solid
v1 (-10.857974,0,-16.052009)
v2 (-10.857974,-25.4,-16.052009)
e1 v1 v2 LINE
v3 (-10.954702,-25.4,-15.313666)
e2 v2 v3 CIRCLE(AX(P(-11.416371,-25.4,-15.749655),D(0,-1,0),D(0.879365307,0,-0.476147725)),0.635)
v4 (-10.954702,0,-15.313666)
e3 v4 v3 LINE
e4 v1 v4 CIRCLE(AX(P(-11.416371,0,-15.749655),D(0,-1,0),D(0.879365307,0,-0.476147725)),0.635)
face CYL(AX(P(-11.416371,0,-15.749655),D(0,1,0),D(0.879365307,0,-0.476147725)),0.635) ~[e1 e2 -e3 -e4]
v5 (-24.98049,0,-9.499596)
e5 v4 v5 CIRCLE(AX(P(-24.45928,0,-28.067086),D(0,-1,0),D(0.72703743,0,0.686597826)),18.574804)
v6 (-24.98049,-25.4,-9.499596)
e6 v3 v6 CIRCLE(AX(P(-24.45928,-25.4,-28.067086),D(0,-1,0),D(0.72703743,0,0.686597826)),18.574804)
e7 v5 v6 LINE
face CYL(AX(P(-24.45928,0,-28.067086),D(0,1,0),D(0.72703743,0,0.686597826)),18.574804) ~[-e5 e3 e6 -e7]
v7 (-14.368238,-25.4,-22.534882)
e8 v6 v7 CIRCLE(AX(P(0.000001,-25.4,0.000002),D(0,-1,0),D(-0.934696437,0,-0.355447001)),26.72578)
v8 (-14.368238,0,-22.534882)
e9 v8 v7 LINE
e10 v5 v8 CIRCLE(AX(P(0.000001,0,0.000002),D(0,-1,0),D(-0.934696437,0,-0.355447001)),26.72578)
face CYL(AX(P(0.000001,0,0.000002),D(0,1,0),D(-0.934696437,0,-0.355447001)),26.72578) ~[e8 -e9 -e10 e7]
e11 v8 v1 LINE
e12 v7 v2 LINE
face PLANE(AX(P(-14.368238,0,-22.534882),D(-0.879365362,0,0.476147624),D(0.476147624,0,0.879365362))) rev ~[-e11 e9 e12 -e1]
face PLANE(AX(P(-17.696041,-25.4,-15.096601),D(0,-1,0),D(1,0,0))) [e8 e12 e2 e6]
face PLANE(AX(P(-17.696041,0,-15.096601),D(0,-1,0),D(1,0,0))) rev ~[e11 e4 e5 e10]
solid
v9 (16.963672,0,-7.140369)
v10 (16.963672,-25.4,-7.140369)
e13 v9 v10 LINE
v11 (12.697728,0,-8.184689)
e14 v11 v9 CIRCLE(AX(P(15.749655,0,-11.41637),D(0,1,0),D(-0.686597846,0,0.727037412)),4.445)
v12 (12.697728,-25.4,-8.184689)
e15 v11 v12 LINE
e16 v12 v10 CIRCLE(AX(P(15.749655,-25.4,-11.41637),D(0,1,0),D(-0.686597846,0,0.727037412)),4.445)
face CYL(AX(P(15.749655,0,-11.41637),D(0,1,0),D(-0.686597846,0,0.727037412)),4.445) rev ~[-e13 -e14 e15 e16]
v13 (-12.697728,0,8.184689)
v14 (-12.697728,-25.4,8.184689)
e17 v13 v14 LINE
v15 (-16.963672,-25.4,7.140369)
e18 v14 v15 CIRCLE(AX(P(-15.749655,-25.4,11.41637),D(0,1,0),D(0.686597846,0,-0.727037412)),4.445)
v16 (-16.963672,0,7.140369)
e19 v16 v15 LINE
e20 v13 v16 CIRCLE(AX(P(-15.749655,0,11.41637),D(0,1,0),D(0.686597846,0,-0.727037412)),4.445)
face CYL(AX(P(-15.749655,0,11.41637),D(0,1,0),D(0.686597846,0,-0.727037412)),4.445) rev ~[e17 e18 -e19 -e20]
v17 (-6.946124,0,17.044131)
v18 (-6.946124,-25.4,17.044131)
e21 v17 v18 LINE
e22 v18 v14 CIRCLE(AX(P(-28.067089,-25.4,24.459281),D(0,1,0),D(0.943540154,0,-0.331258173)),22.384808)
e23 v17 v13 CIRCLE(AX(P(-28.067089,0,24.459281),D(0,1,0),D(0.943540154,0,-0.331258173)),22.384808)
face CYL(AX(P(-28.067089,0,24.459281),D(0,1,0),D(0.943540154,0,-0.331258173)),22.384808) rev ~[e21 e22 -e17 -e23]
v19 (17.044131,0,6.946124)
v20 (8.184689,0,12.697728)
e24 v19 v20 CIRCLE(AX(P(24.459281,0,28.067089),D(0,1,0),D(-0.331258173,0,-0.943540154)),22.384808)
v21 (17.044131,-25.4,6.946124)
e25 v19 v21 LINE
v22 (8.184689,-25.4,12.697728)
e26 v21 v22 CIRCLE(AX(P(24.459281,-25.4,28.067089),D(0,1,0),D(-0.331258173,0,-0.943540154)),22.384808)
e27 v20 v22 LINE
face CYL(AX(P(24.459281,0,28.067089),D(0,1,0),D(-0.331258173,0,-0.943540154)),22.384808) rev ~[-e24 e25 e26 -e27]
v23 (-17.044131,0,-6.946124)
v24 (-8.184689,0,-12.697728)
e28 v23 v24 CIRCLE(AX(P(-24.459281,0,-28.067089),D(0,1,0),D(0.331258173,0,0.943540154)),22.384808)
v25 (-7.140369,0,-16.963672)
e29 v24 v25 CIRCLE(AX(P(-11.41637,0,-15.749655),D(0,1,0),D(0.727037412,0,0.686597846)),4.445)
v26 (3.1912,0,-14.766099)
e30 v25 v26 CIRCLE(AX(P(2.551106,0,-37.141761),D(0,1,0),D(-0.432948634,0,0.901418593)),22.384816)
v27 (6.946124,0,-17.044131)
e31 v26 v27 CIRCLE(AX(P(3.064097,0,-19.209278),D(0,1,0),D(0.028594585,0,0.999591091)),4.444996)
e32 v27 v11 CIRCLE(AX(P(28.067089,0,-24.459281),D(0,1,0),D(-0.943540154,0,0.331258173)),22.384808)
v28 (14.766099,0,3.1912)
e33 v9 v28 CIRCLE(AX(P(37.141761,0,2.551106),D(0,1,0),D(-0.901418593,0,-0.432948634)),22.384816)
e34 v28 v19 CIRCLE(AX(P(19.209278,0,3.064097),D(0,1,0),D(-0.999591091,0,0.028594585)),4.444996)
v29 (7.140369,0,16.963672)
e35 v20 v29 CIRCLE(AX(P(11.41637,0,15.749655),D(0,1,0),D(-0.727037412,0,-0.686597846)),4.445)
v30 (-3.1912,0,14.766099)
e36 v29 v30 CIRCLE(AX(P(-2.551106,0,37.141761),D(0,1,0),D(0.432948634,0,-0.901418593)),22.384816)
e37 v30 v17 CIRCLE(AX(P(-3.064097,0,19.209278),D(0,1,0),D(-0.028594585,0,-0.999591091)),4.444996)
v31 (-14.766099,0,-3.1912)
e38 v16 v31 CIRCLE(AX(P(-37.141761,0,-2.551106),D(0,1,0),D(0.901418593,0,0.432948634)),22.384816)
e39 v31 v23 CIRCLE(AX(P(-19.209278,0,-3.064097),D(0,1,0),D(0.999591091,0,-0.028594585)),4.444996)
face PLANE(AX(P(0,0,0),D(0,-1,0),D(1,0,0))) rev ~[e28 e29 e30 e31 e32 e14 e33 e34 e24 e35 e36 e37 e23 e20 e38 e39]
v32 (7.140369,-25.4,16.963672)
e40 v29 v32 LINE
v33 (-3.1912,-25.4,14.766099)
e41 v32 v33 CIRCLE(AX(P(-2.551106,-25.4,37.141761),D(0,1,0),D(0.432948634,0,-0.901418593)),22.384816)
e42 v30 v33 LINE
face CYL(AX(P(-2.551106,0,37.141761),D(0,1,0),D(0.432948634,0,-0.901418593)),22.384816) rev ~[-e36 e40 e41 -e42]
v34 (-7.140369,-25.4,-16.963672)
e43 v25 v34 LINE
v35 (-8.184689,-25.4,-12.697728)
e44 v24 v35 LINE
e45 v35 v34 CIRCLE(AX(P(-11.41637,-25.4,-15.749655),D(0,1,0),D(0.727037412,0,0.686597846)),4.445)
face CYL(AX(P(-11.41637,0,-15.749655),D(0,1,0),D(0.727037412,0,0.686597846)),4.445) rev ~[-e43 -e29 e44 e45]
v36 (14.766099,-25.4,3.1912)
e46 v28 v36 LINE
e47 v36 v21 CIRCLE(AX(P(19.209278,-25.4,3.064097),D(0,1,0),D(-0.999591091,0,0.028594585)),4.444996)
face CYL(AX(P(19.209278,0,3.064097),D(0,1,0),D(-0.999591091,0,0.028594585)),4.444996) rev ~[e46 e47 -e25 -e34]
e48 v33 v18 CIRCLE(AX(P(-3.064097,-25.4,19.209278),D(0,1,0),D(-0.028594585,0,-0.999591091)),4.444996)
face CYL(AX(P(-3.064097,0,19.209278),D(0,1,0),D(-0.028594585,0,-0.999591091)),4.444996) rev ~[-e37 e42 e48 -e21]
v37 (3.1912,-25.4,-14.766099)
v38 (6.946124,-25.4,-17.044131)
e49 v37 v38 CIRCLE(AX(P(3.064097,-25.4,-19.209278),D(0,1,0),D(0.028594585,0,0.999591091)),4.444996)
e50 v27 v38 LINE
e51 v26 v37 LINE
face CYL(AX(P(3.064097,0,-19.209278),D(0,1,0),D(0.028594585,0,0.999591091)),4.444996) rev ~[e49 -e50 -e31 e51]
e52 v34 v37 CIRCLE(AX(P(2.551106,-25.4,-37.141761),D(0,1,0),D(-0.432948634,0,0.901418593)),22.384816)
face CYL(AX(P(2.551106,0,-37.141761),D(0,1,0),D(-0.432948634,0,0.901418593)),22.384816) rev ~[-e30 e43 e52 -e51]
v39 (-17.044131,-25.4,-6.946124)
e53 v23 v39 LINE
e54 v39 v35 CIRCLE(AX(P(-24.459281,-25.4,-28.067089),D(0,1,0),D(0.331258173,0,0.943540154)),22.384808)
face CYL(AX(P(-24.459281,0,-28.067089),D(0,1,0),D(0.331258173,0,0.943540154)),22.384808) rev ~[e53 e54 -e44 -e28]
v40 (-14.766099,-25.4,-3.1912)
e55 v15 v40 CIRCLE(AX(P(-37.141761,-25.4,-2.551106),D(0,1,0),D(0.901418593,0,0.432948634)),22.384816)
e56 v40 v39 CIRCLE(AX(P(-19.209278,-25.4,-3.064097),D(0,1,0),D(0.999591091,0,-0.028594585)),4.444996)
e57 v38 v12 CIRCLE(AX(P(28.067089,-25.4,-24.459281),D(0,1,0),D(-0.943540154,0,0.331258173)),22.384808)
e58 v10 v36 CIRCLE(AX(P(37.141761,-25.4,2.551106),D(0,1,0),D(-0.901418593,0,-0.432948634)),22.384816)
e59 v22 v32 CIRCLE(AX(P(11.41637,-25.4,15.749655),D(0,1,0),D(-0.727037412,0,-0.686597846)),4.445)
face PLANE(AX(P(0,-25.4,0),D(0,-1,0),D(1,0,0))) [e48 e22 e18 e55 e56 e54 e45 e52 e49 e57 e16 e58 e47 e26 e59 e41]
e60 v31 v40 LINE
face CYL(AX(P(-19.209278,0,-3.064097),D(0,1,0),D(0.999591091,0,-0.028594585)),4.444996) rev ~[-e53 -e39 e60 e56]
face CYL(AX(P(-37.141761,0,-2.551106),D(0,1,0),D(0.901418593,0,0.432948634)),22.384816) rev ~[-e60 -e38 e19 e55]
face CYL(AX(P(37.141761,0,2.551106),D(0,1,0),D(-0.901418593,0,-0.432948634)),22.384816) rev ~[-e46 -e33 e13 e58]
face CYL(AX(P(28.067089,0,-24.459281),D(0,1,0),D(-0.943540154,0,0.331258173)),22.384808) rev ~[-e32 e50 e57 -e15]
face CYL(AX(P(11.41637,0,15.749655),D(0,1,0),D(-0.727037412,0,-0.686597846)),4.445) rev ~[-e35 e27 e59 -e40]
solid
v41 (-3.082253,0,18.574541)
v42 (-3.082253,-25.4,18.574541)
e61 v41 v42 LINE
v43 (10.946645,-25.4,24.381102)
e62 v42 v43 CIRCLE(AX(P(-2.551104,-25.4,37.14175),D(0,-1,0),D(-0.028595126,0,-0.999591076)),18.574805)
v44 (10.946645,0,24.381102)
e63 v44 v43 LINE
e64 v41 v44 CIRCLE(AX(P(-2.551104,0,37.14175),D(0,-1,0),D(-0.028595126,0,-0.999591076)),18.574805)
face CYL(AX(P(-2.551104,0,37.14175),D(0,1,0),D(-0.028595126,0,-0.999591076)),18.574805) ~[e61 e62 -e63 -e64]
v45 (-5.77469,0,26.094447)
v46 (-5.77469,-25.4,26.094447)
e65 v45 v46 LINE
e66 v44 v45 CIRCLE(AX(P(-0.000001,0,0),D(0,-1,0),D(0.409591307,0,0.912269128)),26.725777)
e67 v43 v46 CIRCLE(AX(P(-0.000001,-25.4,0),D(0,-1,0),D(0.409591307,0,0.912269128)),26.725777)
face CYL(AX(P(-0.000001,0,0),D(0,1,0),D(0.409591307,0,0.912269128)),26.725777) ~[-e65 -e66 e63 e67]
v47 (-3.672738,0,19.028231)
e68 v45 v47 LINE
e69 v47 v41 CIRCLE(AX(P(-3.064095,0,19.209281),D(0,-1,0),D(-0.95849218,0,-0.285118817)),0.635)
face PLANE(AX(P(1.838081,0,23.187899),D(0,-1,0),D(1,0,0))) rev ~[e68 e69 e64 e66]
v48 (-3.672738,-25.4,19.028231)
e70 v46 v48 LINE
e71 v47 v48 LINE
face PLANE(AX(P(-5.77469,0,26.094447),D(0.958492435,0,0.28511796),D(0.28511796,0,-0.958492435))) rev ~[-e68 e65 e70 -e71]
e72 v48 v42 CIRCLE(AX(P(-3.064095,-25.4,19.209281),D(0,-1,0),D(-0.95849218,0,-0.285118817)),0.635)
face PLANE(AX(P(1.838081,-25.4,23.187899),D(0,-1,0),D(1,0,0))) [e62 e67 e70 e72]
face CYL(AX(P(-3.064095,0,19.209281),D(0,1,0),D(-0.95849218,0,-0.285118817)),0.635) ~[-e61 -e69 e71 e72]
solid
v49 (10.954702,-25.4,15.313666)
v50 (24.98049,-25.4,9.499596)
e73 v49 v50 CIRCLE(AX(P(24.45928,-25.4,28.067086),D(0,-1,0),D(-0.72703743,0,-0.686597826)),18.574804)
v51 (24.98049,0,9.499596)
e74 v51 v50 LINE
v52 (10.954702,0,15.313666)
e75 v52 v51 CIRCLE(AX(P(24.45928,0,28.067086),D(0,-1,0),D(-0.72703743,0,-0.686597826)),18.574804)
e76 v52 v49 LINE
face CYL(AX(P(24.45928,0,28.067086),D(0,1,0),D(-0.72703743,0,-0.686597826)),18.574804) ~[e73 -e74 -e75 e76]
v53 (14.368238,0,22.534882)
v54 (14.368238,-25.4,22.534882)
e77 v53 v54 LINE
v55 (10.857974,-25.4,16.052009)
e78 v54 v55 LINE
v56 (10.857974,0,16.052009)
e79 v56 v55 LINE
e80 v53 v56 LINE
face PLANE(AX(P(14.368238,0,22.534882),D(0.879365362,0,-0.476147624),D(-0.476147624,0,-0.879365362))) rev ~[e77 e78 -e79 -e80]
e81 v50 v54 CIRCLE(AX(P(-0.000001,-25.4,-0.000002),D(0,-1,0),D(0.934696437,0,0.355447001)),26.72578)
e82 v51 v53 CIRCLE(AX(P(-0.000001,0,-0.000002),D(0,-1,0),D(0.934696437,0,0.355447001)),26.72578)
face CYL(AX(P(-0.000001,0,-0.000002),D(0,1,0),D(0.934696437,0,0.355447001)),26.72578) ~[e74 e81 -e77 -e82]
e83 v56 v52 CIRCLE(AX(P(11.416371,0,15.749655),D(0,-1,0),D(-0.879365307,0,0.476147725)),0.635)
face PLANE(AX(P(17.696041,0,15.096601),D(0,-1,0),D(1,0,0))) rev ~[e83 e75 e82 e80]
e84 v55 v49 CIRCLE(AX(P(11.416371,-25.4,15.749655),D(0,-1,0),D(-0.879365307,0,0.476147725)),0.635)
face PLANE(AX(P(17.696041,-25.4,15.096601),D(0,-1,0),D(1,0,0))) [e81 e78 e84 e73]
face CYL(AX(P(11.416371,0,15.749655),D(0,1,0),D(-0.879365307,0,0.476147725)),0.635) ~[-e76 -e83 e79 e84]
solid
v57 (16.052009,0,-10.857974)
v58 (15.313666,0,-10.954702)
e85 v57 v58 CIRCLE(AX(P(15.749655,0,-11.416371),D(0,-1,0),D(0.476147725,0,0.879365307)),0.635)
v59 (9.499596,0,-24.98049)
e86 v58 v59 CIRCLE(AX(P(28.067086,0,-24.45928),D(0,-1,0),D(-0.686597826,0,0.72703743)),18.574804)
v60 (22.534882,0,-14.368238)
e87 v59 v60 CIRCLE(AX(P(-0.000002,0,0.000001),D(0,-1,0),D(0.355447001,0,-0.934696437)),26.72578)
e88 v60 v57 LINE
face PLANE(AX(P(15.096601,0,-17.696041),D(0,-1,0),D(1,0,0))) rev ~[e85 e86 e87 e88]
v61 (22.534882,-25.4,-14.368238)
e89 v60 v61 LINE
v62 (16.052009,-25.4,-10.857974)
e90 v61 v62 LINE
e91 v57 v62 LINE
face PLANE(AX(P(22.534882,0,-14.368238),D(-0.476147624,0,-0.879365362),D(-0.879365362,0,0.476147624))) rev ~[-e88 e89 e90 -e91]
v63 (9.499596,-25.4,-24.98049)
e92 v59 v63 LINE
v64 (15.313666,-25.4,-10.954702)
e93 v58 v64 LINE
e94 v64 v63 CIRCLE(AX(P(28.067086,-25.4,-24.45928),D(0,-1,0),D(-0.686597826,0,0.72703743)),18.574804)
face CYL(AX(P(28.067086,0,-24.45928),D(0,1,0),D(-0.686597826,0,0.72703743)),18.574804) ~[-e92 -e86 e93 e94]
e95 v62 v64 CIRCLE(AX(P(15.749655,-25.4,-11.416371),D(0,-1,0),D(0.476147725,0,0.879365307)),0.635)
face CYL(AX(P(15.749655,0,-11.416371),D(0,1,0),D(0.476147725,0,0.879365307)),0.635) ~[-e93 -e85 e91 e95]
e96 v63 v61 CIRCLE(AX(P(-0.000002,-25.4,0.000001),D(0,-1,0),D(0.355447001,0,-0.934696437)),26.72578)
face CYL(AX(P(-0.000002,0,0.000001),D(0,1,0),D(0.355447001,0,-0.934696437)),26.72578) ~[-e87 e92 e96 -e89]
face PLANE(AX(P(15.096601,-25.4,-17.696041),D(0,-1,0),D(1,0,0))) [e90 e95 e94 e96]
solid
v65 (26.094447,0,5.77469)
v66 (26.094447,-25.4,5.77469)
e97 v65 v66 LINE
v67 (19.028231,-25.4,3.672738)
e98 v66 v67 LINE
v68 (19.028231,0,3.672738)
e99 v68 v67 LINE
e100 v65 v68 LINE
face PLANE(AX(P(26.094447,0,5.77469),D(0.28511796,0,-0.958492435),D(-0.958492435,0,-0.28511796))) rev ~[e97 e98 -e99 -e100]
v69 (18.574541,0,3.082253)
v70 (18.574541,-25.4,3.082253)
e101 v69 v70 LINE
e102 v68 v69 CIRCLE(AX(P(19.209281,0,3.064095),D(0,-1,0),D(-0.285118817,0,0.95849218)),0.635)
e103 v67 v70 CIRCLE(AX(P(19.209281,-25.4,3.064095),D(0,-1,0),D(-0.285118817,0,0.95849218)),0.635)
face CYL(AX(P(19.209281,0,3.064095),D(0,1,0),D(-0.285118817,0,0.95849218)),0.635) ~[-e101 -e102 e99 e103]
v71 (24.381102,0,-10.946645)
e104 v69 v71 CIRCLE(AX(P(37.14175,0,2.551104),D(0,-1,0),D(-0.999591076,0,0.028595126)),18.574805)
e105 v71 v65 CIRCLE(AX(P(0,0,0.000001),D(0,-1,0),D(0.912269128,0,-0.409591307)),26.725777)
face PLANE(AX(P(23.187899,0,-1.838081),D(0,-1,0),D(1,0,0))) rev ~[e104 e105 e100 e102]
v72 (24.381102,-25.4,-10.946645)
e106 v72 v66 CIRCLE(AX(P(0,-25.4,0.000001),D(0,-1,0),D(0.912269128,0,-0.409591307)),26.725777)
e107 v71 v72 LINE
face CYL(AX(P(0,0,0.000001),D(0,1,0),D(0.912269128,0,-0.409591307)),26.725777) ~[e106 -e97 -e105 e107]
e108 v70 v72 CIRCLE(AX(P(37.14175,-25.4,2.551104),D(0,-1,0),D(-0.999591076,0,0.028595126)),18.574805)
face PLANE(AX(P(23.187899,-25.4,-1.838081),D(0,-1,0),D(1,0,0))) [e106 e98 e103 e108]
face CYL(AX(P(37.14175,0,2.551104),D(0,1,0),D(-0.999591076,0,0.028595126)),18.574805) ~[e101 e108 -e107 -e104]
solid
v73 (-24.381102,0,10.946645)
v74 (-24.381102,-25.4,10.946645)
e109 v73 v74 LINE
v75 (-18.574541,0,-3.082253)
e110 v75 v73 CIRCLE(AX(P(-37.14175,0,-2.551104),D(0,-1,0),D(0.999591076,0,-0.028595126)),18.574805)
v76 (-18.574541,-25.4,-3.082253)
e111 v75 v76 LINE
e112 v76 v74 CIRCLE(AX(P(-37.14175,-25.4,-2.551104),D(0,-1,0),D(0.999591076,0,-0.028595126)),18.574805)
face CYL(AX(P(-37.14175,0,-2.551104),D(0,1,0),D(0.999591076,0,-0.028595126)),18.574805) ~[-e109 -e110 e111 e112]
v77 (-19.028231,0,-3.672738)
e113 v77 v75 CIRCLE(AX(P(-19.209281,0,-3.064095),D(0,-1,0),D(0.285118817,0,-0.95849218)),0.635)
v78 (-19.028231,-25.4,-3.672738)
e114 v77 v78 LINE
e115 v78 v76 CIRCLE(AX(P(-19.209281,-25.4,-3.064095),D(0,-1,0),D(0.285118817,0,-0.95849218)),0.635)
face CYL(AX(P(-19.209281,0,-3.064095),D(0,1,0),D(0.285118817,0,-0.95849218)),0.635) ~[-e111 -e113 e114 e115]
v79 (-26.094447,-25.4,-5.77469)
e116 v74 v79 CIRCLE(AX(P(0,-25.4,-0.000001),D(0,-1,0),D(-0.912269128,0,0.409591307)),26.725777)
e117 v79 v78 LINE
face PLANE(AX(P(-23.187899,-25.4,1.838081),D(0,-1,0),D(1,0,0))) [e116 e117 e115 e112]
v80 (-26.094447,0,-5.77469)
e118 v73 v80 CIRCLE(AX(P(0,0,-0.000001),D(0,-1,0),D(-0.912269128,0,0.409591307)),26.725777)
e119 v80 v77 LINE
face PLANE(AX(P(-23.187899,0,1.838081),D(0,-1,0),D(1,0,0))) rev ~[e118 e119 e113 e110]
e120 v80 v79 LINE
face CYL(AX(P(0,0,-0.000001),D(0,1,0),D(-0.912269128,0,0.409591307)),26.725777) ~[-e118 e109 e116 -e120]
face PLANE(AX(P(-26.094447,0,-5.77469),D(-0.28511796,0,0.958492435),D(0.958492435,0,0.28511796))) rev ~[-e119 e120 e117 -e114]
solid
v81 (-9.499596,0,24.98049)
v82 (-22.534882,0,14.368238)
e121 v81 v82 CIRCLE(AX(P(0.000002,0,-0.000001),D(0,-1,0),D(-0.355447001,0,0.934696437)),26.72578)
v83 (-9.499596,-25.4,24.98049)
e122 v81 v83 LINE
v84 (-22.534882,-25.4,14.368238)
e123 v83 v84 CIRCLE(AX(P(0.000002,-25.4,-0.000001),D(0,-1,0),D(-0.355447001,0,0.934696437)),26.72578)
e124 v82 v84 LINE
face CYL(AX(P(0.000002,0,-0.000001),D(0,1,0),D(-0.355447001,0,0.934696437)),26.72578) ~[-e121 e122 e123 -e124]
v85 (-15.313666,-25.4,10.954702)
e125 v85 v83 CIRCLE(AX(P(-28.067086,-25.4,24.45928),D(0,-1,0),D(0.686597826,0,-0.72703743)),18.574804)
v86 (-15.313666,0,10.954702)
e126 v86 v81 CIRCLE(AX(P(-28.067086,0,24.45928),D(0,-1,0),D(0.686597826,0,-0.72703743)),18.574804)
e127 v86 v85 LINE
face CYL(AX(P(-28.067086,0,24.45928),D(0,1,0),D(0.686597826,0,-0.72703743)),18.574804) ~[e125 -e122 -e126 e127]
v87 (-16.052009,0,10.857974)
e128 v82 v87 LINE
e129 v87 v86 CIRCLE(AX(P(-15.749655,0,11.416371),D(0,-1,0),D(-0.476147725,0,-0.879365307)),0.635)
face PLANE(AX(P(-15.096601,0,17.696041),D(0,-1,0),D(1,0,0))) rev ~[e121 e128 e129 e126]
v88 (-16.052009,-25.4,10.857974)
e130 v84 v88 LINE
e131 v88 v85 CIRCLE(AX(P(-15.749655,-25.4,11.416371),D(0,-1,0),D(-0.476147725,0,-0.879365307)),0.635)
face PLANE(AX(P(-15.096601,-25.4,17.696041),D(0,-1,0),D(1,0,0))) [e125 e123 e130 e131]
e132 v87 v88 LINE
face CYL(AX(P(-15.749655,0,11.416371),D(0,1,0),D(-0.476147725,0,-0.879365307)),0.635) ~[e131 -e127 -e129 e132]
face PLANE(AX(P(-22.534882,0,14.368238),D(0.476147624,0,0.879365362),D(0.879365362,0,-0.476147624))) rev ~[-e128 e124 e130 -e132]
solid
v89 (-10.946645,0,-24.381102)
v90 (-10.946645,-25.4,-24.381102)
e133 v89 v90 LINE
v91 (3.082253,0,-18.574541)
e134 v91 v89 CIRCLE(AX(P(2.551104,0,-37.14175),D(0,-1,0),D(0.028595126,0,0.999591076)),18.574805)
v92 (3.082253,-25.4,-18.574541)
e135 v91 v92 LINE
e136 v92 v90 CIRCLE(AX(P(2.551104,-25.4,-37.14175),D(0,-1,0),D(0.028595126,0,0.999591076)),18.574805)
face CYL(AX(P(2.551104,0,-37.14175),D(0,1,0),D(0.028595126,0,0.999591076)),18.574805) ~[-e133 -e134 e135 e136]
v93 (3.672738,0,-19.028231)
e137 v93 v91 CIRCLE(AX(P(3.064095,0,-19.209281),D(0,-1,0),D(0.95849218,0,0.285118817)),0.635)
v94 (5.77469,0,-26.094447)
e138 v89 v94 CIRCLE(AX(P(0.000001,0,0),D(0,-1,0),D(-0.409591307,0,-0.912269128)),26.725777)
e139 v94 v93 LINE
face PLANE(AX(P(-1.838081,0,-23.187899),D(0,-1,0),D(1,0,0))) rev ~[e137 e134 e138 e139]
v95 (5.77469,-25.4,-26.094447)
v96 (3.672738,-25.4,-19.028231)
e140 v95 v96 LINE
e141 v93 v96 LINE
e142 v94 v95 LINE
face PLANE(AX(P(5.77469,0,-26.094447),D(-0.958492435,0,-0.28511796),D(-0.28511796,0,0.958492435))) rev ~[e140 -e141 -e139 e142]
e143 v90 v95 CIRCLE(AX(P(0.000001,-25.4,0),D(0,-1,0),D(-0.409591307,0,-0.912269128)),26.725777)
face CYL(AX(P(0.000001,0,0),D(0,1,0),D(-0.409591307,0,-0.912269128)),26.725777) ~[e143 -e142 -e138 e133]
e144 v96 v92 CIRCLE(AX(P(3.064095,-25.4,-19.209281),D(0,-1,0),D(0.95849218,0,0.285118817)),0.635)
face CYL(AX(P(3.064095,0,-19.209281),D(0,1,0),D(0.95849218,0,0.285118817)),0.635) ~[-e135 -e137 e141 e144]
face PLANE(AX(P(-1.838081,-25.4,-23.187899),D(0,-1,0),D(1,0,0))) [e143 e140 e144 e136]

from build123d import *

# Parameters (mm, degrees)
F1_DEPTH = 25.4


with BuildPart() as f1:
    # F0 (on Front) → F1 (new body)
    with BuildSketch(Plane.XZ):
        with BuildLine():
            ThreePointArc((-15.313666, 10.954702), (-10.908108, 17.346417), (-9.499596, 24.98049))
            ThreePointArc((-9.499596, 24.98049), (-16.87326, 20.725836), (-22.534882, 14.368238))
            Line((-22.534882, 14.368238), (-16.052009, 10.857974))
            ThreePointArc((-16.052009, 10.857974), (-15.667171, 10.786751), (-15.313666, 10.954702))
        make_face()
        with BuildLine():
            ThreePointArc((24.98049, 9.499596), (20.725836, 16.87326), (14.368238, 22.534882))
            Line((14.368238, 22.534882), (10.857974, 16.052009))
            ThreePointArc((10.857974, 16.052009), (10.786751, 15.667171), (10.954702, 15.313666))
            ThreePointArc((10.954702, 15.313666), (17.346417, 10.908108), (24.98049, 9.499596))
        make_face()
        with BuildLine():
            ThreePointArc((8.184689, 12.697728), (7.09886, 14.692712), (7.140369, 16.963672))
            ThreePointArc((7.140369, 16.963672), (2.106061, 15.246767), (-3.1912, 14.766099))
            ThreePointArc((-3.1912, 14.766099), (-5.369664, 15.408968), (-6.946124, 17.044131))
            ThreePointArc((-6.946124, 17.044131), (-9.291882, 12.270302), (-12.697728, 8.184689))
            ThreePointArc((-12.697728, 8.184689), (-14.692712, 7.09886), (-16.963672, 7.140369))
            ThreePointArc((-16.963672, 7.140369), (-15.246767, 2.106061), (-14.766099, -3.1912))
            ThreePointArc((-14.766099, -3.1912), (-15.408968, -5.369664), (-17.044131, -6.946124))
            ThreePointArc((-17.044131, -6.946124), (-12.270302, -9.291882), (-8.184689, -12.697728))
            ThreePointArc((-8.184689, -12.697728), (-7.09886, -14.692712), (-7.140369, -16.963672))
            ThreePointArc((-7.140369, -16.963672), (-2.106061, -15.246767), (3.1912, -14.766099))
            ThreePointArc((3.1912, -14.766099), (5.369664, -15.408968), (6.946124, -17.044131))
            ThreePointArc((6.946124, -17.044131), (9.291882, -12.270302), (12.697728, -8.184689))
            ThreePointArc((12.697728, -8.184689), (14.692712, -7.09886), (16.963672, -7.140369))
            ThreePointArc((16.963672, -7.140369), (15.246767, -2.106061), (14.766099, 3.1912))
            ThreePointArc((14.766099, 3.1912), (15.408968, 5.369664), (17.044131, 6.946124))
            ThreePointArc((17.044131, 6.946124), (12.270302, 9.291882), (8.184689, 12.697728))
        make_face()
        with BuildLine():
            ThreePointArc((10.946645, 24.381102), (2.724182, 26.586576), (-5.77469, 26.094447))
            Line((-5.77469, 26.094447), (-3.672738, 19.028231))
            ThreePointArc((-3.672738, 19.028231), (-3.450978, 18.705747), (-3.082253, 18.574541))
            ThreePointArc((-3.082253, 18.574541), (4.552572, 19.978966), (10.946645, 24.381102))
        make_face()
        with BuildLine():
            ThreePointArc((-24.381102, 10.946645), (-26.586576, 2.724182), (-26.094447, -5.77469))
            Line((-26.094447, -5.77469), (-19.028231, -3.672738))
            ThreePointArc((-19.028231, -3.672738), (-18.705747, -3.450978), (-18.574541, -3.082253))
            ThreePointArc((-18.574541, -3.082253), (-19.978966, 4.552572), (-24.381102, 10.946645))
        make_face()
        with BuildLine():
            ThreePointArc((-24.98049, -9.499596), (-20.725836, -16.87326), (-14.368238, -22.534882))
            Line((-14.368238, -22.534882), (-10.857974, -16.052009))
            ThreePointArc((-10.857974, -16.052009), (-10.786751, -15.667171), (-10.954702, -15.313666))
            ThreePointArc((-10.954702, -15.313666), (-17.346417, -10.908108), (-24.98049, -9.499596))
        make_face()
        with BuildLine():
            ThreePointArc((-10.946645, -24.381102), (-2.724182, -26.586576), (5.77469, -26.094447))
            Line((5.77469, -26.094447), (3.672738, -19.028231))
            ThreePointArc((3.672738, -19.028231), (3.450978, -18.705747), (3.082253, -18.574541))
            ThreePointArc((3.082253, -18.574541), (-4.552572, -19.978966), (-10.946645, -24.381102))
        make_face()
        with BuildLine():
            ThreePointArc((9.499596, -24.98049), (16.87326, -20.725836), (22.534882, -14.368238))
            Line((22.534882, -14.368238), (16.052009, -10.857974))
            ThreePointArc((16.052009, -10.857974), (15.667171, -10.786751), (15.313666, -10.954702))
            ThreePointArc((15.313666, -10.954702), (10.908108, -17.346417), (9.499596, -24.98049))
        make_face()
        with BuildLine():
            ThreePointArc((24.381102, -10.946645), (26.586576, -2.724182), (26.094447, 5.77469))
            Line((26.094447, 5.77469), (19.028231, 3.672738))
            ThreePointArc((19.028231, 3.672738), (18.705747, 3.450978), (18.574541, 3.082253))
            ThreePointArc((18.574541, 3.082253), (19.978966, -4.552572), (24.381102, -10.946645))
        make_face()
    extrude(amount=F1_DEPTH)


solid = f1.part
